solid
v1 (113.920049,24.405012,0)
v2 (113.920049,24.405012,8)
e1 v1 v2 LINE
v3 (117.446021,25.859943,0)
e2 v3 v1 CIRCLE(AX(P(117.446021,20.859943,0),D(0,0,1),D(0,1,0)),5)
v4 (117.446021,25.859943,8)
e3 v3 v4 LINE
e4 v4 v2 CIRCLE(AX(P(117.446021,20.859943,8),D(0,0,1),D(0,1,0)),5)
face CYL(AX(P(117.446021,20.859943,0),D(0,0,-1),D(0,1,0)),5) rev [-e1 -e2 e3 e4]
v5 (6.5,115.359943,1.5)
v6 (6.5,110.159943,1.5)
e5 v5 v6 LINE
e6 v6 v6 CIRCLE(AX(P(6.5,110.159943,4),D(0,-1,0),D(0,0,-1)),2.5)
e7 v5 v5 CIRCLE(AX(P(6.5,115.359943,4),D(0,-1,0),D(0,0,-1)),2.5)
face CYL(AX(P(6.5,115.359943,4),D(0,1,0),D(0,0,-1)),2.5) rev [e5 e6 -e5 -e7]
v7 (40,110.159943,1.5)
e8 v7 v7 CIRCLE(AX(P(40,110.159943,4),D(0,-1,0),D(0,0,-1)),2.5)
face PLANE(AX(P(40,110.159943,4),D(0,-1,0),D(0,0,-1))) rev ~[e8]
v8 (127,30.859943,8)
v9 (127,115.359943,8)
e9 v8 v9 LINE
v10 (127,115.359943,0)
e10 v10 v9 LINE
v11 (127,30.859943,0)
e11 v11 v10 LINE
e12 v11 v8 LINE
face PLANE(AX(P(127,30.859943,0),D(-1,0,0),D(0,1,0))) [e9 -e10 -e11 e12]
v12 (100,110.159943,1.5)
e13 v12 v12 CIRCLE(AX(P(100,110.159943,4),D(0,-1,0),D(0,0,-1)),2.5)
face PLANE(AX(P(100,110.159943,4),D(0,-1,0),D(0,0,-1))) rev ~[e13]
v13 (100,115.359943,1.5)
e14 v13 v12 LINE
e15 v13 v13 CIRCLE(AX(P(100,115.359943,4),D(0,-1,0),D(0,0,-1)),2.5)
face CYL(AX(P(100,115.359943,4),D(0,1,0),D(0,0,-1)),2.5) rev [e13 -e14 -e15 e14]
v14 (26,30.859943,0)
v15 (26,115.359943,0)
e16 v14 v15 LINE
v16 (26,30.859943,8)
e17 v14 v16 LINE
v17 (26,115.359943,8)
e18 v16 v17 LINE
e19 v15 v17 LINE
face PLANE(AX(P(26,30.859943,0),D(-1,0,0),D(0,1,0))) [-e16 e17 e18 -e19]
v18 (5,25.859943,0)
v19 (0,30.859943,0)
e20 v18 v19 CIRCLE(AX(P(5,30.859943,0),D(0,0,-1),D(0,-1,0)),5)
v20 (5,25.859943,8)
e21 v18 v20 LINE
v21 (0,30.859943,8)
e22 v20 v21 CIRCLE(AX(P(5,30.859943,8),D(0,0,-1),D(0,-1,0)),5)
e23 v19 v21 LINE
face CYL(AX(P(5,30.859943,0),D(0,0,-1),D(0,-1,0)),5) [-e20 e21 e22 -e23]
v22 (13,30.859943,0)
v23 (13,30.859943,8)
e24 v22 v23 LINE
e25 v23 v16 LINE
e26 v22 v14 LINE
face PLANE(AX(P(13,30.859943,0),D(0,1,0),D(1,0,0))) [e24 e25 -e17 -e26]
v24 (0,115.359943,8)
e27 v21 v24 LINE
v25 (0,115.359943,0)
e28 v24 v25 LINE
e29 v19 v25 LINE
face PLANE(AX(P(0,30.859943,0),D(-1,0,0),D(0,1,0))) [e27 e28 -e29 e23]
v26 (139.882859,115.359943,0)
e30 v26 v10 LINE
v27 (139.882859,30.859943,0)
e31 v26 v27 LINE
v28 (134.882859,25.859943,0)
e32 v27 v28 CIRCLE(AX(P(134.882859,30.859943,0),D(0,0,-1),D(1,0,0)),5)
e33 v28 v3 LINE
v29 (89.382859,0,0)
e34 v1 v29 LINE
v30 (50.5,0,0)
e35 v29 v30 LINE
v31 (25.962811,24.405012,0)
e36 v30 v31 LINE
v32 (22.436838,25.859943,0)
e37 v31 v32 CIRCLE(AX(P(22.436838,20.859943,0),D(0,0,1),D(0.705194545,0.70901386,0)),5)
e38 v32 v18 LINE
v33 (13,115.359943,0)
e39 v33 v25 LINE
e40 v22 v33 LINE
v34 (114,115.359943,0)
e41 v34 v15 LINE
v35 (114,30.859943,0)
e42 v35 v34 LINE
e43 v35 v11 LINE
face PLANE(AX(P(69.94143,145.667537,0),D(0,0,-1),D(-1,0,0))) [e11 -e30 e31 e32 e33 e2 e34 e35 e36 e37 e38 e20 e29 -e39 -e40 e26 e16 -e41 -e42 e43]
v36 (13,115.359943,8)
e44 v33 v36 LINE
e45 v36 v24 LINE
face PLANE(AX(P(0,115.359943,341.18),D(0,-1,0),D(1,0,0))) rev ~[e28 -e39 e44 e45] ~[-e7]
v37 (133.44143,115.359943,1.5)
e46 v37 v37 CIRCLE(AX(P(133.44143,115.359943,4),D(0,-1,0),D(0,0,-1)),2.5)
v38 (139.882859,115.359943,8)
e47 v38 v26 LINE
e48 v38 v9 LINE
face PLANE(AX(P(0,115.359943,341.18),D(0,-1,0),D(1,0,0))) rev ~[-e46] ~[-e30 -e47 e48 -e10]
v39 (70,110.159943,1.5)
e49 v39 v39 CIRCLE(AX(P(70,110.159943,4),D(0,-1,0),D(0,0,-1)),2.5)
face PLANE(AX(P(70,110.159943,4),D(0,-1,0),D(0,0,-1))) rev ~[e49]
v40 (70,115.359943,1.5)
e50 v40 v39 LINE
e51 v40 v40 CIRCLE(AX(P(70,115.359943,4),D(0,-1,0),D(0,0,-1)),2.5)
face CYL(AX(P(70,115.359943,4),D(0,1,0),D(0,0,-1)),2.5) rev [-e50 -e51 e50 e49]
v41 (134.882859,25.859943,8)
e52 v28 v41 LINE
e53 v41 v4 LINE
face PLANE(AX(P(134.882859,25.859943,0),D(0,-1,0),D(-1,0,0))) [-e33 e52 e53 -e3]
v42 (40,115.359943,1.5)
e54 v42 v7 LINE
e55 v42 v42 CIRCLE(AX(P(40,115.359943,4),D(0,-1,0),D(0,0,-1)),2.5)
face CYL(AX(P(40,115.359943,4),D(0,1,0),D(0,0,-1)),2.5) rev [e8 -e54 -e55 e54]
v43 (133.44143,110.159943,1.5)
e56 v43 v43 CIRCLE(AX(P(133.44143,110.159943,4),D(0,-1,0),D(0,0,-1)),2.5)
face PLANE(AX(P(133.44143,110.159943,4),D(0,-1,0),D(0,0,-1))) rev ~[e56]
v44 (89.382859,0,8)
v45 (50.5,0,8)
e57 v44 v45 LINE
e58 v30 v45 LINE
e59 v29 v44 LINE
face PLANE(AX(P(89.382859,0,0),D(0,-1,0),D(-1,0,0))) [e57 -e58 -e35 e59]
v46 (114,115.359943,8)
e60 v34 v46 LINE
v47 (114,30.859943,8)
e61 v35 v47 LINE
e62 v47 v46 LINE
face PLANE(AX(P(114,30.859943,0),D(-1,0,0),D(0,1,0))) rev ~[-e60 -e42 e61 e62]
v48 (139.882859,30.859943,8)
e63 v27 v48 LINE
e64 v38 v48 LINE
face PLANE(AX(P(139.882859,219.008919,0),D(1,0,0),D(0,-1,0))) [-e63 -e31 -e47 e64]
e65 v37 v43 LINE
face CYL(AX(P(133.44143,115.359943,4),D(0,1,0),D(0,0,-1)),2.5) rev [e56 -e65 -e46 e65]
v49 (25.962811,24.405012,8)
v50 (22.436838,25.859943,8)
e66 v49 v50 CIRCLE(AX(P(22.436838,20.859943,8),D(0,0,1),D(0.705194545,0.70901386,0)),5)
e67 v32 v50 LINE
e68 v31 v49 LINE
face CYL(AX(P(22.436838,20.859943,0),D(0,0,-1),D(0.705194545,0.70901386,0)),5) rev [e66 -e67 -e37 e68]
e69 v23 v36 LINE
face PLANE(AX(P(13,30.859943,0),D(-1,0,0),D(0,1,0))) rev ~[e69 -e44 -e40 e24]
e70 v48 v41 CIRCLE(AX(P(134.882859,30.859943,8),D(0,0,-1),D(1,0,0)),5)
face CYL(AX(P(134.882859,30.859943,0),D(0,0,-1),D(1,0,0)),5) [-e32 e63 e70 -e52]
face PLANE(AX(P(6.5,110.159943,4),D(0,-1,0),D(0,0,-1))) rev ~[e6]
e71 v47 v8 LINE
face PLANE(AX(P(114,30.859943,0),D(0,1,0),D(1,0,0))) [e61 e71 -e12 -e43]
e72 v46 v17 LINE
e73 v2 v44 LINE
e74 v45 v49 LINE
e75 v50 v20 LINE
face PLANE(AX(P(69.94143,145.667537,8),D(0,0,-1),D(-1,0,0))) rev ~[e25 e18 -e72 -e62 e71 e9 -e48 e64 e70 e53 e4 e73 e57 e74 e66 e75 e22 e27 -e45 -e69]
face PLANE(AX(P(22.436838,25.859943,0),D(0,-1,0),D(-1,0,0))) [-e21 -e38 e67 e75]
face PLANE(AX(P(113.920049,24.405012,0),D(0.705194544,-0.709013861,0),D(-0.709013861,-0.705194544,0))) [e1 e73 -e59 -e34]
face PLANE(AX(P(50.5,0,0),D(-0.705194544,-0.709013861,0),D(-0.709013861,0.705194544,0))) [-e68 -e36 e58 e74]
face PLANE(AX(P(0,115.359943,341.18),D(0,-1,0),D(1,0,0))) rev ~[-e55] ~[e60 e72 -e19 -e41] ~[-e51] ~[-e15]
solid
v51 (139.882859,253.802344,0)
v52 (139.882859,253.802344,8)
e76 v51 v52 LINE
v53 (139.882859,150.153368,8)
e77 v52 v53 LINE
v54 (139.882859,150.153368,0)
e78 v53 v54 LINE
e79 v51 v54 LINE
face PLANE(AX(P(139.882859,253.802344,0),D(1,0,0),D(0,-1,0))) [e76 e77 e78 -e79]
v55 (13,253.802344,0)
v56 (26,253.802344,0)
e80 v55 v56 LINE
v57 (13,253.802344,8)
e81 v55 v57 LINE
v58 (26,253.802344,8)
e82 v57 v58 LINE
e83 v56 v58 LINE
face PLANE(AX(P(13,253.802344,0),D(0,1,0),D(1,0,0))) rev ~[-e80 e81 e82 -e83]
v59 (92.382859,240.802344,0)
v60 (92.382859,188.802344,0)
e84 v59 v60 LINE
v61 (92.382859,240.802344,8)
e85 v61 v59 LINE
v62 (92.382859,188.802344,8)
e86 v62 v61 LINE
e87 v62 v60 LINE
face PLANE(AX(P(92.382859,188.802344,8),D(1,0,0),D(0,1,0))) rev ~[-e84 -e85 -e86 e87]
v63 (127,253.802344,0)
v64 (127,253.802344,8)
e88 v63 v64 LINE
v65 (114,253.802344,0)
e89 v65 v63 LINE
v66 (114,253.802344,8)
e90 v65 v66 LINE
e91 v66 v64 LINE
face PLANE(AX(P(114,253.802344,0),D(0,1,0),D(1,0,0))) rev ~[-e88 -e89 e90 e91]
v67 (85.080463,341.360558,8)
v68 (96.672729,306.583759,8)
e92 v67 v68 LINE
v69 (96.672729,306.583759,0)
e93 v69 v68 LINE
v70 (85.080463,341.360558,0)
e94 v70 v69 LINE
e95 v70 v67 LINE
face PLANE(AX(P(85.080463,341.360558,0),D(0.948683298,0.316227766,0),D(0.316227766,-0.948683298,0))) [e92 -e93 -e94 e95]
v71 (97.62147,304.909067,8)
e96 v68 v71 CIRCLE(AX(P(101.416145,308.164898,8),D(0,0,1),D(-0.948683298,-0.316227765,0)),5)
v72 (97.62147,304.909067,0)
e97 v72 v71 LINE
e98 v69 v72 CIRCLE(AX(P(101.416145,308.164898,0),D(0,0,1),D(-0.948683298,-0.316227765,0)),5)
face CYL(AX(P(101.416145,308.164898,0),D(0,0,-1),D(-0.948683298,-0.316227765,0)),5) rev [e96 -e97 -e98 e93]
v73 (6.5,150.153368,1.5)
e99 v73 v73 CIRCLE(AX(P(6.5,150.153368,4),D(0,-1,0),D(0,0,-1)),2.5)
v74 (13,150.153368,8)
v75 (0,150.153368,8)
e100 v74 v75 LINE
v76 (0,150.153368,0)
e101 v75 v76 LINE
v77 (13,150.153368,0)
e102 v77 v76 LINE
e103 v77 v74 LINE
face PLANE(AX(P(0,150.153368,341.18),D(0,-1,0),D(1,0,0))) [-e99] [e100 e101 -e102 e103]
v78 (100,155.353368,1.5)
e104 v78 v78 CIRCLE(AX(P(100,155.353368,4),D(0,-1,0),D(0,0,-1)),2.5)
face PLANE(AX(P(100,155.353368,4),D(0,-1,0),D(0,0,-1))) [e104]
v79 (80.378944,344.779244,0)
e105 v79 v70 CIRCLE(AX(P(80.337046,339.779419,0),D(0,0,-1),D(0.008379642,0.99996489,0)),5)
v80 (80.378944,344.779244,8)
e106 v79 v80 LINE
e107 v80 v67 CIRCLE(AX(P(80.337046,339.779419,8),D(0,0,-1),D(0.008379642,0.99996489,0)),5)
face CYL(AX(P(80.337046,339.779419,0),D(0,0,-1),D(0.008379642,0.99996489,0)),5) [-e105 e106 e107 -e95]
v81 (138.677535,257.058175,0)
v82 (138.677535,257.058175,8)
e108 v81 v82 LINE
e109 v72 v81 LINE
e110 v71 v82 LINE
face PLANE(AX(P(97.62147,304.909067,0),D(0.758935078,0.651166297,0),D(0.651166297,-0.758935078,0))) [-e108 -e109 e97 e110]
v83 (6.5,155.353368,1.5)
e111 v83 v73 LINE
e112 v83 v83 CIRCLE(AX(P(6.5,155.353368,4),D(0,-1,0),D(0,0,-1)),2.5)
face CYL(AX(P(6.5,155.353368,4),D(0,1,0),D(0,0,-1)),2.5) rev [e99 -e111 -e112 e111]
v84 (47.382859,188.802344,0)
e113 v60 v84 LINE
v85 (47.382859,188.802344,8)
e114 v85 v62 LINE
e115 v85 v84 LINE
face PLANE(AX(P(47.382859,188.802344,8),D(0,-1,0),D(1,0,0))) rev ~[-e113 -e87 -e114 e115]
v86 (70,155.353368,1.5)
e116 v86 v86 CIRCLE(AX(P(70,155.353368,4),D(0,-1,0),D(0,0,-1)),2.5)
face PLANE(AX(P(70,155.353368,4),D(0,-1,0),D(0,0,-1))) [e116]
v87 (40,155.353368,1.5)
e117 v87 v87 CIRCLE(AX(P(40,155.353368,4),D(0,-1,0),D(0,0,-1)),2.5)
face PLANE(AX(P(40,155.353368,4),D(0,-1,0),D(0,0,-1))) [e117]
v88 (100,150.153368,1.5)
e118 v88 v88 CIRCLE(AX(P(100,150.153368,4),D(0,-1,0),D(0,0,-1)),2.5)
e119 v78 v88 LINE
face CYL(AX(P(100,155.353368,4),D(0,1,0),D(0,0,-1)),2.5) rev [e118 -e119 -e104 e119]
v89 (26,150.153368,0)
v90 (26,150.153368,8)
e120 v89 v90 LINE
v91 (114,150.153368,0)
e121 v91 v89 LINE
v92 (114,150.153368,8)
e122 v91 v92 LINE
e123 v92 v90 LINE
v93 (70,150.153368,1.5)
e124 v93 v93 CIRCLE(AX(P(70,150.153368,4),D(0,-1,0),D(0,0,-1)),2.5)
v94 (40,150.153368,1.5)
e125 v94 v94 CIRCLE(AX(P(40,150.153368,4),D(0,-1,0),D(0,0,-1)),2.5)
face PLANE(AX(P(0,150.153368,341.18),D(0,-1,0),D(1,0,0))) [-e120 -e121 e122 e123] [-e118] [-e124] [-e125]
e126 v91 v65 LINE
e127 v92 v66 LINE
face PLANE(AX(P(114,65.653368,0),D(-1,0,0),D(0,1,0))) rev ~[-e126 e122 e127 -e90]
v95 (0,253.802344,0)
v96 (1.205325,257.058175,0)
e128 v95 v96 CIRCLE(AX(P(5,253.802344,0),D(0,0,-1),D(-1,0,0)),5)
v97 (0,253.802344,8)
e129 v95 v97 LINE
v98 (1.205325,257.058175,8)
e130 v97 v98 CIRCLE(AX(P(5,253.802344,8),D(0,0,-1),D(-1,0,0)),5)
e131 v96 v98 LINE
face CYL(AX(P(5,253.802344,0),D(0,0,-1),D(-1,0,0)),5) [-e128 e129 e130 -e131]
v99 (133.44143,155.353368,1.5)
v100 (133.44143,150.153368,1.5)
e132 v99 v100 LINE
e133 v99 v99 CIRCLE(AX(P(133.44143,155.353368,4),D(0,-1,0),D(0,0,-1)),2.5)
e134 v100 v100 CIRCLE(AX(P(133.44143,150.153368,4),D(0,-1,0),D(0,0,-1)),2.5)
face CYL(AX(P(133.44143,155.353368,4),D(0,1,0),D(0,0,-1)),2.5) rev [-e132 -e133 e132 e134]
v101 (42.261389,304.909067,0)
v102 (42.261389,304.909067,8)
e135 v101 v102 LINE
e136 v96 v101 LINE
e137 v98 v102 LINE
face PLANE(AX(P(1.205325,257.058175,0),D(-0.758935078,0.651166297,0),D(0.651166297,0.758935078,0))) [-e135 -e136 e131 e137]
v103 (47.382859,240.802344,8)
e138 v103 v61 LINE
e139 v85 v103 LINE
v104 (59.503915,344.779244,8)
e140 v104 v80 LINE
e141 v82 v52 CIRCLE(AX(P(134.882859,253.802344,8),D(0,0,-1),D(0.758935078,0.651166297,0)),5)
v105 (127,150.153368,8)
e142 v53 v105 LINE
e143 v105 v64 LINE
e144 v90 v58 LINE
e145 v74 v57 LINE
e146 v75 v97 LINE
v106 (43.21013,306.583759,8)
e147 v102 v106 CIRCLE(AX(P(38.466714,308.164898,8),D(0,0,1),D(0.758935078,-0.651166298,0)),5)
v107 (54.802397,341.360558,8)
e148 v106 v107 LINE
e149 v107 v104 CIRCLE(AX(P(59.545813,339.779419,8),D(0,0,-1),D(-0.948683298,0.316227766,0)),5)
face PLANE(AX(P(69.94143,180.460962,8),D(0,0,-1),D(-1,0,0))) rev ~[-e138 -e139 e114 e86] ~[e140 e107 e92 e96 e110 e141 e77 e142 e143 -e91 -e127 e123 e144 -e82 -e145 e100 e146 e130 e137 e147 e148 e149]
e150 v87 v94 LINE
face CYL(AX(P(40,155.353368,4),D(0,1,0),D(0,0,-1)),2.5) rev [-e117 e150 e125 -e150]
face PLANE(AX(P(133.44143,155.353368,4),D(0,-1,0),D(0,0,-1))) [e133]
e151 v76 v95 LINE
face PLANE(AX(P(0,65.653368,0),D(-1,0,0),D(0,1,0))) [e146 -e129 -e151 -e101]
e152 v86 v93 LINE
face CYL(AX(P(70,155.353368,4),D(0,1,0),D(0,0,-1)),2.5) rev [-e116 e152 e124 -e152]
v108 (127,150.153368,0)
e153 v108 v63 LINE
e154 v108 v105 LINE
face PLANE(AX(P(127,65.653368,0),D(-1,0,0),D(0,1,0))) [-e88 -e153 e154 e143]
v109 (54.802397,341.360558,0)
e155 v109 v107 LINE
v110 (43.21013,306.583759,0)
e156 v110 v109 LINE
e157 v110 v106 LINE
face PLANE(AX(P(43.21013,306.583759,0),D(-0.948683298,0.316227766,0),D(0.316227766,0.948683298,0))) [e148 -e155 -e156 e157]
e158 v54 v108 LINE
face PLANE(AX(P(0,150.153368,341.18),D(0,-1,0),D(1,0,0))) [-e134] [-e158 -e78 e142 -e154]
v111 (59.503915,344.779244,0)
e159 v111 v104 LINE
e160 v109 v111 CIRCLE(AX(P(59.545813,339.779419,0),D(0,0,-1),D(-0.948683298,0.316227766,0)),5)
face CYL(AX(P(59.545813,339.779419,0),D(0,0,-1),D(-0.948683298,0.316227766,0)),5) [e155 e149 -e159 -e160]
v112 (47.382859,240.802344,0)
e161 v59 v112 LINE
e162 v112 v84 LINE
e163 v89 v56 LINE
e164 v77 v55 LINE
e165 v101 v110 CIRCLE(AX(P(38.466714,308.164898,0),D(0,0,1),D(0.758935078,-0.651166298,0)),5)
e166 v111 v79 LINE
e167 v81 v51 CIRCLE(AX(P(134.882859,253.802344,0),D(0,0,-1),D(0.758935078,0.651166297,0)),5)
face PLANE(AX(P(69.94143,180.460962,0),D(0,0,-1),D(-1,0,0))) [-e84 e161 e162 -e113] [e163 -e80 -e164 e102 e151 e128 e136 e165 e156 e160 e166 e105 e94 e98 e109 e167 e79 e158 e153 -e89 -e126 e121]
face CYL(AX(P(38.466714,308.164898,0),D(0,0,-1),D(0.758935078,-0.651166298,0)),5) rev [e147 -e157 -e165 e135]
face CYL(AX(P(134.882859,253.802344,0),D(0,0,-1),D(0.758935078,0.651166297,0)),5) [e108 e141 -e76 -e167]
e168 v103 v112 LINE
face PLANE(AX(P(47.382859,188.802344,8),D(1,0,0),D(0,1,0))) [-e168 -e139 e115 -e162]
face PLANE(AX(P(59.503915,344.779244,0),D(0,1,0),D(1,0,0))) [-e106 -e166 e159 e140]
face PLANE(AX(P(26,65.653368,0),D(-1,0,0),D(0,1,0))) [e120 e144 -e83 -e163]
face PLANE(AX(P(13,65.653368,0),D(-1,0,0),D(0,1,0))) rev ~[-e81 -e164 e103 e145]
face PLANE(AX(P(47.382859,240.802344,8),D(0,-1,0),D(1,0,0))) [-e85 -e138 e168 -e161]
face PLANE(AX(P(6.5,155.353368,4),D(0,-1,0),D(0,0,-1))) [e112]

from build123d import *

# Parameters (mm, degrees)
SKETCH1_W              = 13
SKETCH1_H              = 188.148975749
BOSS_EXTRUDE1_DEPTH    = 8
SKETCH2_W              = 45
SKETCH2_H              = 52
CUT_EXTRUDE1_DEPTH     = 341.17998495
SPLIT1_SURFACE_1_BACK  = 341.18
SPLIT1_SURFACE_1_DEPTH = 682.36
SPLIT1_SURFACE_2_BACK  = 341.18
SPLIT1_SURFACE_2_DEPTH = 682.36
SKETCH5_R              = 2.5
CUT_EXTRUDE6_DEPTH     = 5.2
CUT_EXTRUDE7_START     = -5.2
SKETCH4_R              = 2.5
CUT_EXTRUDE7_DEPTH     = 5.2


with BuildPart() as part:
    # Sketch1 → Boss-Extrude1 (new body)
    with BuildSketch(Plane.XY):
        with BuildLine():
            Line((0, 30.859943174), (0, 219.008918923))
            ThreePointArc((0, 219.008918923), (0.311003468, 220.744808182), (1.205324608, 222.264750409))
            Line((1.205324608, 222.264750409), (42.261389271, 270.115641625))
            ThreePointArc((42.261389271, 270.115641625), (42.81710491, 270.906904614), (43.210130369, 271.790334282))
            Line((43.210130369, 271.790334282), (54.802396658, 306.567133147))
            ThreePointArc((54.802396658, 306.567133147), (56.605292439, 309.029920375), (59.503914938, 309.985818768))
            Line((59.503914938, 309.985818768), (80.378944352, 309.985818768))
            ThreePointArc((80.378944352, 309.985818768), (83.277566851, 309.029920375), (85.080462632, 306.567133147))
            Line((85.080462632, 306.567133147), (96.672728921, 271.790334282))
            ThreePointArc((96.672728921, 271.790334282), (97.06575438, 270.906904614), (97.621470019, 270.115641625))
            Line((97.621470019, 270.115641625), (138.677534682, 222.264750409))
            ThreePointArc((138.677534682, 222.264750409), (139.571855822, 220.744808182), (139.88285929, 219.008918923))
            Line((139.88285929, 219.008918923), (139.88285929, 30.859943174))
            ThreePointArc((139.88285929, 30.859943174), (138.418393196, 27.324409268), (134.88285929, 25.859943174))
            Line((134.88285929, 25.859943174), (117.446021446, 25.859943174))
            ThreePointArc((117.446021446, 25.859943174), (115.538843756, 25.481920377), (113.920048724, 24.405012478))
            Line((113.920048724, 24.405012478), (89.38285929, 0))
            Line((89.38285929, 0), (50.5, 0))
            Line((50.5, 0), (25.962810565, 24.405012478))
            ThreePointArc((25.962810565, 24.405012478), (24.344015534, 25.481920377), (22.436837844, 25.859943174))
            Line((22.436837844, 25.859943174), (5, 25.859943174))
            ThreePointArc((5, 25.859943174), (1.464466094, 27.324409268), (0, 30.859943174))
        make_face()
        with Locations((19.5, 124.934431049)):
            Rectangle(SKETCH1_W, SKETCH1_H, mode=Mode.SUBTRACT)
        with Locations((120.5, 124.934431049)):
            Rectangle(SKETCH1_W, SKETCH1_H, mode=Mode.SUBTRACT)
    extrude(amount=BOSS_EXTRUDE1_DEPTH)

    # Sketch2 → Cut-Extrude1 (cut, through all)
    with BuildSketch(Plane.XY.offset(8)):
        with Locations((69.88285929, 180.008918923)):
            Rectangle(SKETCH2_W, SKETCH2_H)
    extrude(amount=-CUT_EXTRUDE1_DEPTH, mode=Mode.SUBTRACT)


with BuildPart() as body_2:
    # Split1: the piece behind the surface
    add(part.part)
    # Split1 surface: a surface, the sketch's curves swept straight by 682.36 mm
    with BuildLine(Plane(origin=(0, 0, 0), x_dir=(-1, 0, 0), z_dir=(0, 0, -1)).offset(-SPLIT1_SURFACE_1_BACK), mode=Mode.PRIVATE) as split1_surface_1_path:
        Line((0, 115.359943174), (-139.88285929, 115.359943174))
    split1_surface_1 = Shell.extrude(split1_surface_1_path.wire(), (0 * SPLIT1_SURFACE_1_DEPTH, 0 * SPLIT1_SURFACE_1_DEPTH, -1 * SPLIT1_SURFACE_1_DEPTH))
    split(bisect_by=split1_surface_1, keep=Keep.BOTTOM)


with BuildPart() as part_1:
    add(part.part)

    # Split1: split by a surface, the side it looks to stays
    # Split1 surface: a surface, the sketch's curves swept straight by 682.36 mm
    with BuildLine(Plane(origin=(0, 0, 0), x_dir=(-1, 0, 0), z_dir=(0, 0, -1)).offset(-SPLIT1_SURFACE_2_BACK), mode=Mode.PRIVATE) as split1_surface_2_path:
        Line((0, 115.359943174), (-139.88285929, 115.359943174))
    split1_surface_2 = Shell.extrude(split1_surface_2_path.wire(), (0 * SPLIT1_SURFACE_2_DEPTH, 0 * SPLIT1_SURFACE_2_DEPTH, -1 * SPLIT1_SURFACE_2_DEPTH))
    split(bisect_by=split1_surface_2, keep=Keep.TOP)

    # Sketch5 → Cut-Extrude6 (cut)
    with BuildSketch(Plane(origin=(0, 115.359943174, -115.359943174), x_dir=(1, 0, 0), z_dir=(0, -1, 0))):
        with Locations(Location((133.441429645, 119.359943174, 0), (0, 0, 270))):
            Circle(SKETCH5_R)
        with Locations(Location((70, 119.359943174, 0), (0, 0, 270))):
            Circle(SKETCH5_R)
        with Locations(Location((100, 119.359943174, 0), (0, 0, 270))):
            Circle(SKETCH5_R)
        with Locations(Location((40, 119.359943174, 0), (0, 0, 270))):
            Circle(SKETCH5_R)
        with Locations(Location((6.5, 119.359943174, 0), (0, 0, 270))):
            Circle(SKETCH5_R)
    extrude(amount=CUT_EXTRUDE6_DEPTH, mode=Mode.SUBTRACT)


with BuildPart() as body_2_1:
    # Body-Move/Copy1: moved
    add(body_2.part.moved(Location((0, 34.793425009, 0))))

    # Sketch4 → Cut-Extrude7 (cut)
    with BuildSketch(Plane(origin=(0, 150.153368183, 0), x_dir=(-1, 0, 0), z_dir=(0, -1, 0)).offset(CUT_EXTRUDE7_START)):
        with Locations(Location((-6.5, -4, 0), (0, 0, 90))):
            Circle(SKETCH4_R)
        with Locations(Location((-70, -4, 0), (0, 0, 90))):
            Circle(SKETCH4_R)
        with Locations(Location((-40, -4, 0), (0, 0, 90))):
            Circle(SKETCH4_R)
        with Locations(Location((-100, -4, 0), (0, 0, 90))):
            Circle(SKETCH4_R)
        with Locations(Location((-133.441429645, -4, 0), (0, 0, 90))):
            Circle(SKETCH4_R)
    extrude(amount=CUT_EXTRUDE7_DEPTH, mode=Mode.SUBTRACT)


solid = Compound([part_1.part, body_2_1.part])
